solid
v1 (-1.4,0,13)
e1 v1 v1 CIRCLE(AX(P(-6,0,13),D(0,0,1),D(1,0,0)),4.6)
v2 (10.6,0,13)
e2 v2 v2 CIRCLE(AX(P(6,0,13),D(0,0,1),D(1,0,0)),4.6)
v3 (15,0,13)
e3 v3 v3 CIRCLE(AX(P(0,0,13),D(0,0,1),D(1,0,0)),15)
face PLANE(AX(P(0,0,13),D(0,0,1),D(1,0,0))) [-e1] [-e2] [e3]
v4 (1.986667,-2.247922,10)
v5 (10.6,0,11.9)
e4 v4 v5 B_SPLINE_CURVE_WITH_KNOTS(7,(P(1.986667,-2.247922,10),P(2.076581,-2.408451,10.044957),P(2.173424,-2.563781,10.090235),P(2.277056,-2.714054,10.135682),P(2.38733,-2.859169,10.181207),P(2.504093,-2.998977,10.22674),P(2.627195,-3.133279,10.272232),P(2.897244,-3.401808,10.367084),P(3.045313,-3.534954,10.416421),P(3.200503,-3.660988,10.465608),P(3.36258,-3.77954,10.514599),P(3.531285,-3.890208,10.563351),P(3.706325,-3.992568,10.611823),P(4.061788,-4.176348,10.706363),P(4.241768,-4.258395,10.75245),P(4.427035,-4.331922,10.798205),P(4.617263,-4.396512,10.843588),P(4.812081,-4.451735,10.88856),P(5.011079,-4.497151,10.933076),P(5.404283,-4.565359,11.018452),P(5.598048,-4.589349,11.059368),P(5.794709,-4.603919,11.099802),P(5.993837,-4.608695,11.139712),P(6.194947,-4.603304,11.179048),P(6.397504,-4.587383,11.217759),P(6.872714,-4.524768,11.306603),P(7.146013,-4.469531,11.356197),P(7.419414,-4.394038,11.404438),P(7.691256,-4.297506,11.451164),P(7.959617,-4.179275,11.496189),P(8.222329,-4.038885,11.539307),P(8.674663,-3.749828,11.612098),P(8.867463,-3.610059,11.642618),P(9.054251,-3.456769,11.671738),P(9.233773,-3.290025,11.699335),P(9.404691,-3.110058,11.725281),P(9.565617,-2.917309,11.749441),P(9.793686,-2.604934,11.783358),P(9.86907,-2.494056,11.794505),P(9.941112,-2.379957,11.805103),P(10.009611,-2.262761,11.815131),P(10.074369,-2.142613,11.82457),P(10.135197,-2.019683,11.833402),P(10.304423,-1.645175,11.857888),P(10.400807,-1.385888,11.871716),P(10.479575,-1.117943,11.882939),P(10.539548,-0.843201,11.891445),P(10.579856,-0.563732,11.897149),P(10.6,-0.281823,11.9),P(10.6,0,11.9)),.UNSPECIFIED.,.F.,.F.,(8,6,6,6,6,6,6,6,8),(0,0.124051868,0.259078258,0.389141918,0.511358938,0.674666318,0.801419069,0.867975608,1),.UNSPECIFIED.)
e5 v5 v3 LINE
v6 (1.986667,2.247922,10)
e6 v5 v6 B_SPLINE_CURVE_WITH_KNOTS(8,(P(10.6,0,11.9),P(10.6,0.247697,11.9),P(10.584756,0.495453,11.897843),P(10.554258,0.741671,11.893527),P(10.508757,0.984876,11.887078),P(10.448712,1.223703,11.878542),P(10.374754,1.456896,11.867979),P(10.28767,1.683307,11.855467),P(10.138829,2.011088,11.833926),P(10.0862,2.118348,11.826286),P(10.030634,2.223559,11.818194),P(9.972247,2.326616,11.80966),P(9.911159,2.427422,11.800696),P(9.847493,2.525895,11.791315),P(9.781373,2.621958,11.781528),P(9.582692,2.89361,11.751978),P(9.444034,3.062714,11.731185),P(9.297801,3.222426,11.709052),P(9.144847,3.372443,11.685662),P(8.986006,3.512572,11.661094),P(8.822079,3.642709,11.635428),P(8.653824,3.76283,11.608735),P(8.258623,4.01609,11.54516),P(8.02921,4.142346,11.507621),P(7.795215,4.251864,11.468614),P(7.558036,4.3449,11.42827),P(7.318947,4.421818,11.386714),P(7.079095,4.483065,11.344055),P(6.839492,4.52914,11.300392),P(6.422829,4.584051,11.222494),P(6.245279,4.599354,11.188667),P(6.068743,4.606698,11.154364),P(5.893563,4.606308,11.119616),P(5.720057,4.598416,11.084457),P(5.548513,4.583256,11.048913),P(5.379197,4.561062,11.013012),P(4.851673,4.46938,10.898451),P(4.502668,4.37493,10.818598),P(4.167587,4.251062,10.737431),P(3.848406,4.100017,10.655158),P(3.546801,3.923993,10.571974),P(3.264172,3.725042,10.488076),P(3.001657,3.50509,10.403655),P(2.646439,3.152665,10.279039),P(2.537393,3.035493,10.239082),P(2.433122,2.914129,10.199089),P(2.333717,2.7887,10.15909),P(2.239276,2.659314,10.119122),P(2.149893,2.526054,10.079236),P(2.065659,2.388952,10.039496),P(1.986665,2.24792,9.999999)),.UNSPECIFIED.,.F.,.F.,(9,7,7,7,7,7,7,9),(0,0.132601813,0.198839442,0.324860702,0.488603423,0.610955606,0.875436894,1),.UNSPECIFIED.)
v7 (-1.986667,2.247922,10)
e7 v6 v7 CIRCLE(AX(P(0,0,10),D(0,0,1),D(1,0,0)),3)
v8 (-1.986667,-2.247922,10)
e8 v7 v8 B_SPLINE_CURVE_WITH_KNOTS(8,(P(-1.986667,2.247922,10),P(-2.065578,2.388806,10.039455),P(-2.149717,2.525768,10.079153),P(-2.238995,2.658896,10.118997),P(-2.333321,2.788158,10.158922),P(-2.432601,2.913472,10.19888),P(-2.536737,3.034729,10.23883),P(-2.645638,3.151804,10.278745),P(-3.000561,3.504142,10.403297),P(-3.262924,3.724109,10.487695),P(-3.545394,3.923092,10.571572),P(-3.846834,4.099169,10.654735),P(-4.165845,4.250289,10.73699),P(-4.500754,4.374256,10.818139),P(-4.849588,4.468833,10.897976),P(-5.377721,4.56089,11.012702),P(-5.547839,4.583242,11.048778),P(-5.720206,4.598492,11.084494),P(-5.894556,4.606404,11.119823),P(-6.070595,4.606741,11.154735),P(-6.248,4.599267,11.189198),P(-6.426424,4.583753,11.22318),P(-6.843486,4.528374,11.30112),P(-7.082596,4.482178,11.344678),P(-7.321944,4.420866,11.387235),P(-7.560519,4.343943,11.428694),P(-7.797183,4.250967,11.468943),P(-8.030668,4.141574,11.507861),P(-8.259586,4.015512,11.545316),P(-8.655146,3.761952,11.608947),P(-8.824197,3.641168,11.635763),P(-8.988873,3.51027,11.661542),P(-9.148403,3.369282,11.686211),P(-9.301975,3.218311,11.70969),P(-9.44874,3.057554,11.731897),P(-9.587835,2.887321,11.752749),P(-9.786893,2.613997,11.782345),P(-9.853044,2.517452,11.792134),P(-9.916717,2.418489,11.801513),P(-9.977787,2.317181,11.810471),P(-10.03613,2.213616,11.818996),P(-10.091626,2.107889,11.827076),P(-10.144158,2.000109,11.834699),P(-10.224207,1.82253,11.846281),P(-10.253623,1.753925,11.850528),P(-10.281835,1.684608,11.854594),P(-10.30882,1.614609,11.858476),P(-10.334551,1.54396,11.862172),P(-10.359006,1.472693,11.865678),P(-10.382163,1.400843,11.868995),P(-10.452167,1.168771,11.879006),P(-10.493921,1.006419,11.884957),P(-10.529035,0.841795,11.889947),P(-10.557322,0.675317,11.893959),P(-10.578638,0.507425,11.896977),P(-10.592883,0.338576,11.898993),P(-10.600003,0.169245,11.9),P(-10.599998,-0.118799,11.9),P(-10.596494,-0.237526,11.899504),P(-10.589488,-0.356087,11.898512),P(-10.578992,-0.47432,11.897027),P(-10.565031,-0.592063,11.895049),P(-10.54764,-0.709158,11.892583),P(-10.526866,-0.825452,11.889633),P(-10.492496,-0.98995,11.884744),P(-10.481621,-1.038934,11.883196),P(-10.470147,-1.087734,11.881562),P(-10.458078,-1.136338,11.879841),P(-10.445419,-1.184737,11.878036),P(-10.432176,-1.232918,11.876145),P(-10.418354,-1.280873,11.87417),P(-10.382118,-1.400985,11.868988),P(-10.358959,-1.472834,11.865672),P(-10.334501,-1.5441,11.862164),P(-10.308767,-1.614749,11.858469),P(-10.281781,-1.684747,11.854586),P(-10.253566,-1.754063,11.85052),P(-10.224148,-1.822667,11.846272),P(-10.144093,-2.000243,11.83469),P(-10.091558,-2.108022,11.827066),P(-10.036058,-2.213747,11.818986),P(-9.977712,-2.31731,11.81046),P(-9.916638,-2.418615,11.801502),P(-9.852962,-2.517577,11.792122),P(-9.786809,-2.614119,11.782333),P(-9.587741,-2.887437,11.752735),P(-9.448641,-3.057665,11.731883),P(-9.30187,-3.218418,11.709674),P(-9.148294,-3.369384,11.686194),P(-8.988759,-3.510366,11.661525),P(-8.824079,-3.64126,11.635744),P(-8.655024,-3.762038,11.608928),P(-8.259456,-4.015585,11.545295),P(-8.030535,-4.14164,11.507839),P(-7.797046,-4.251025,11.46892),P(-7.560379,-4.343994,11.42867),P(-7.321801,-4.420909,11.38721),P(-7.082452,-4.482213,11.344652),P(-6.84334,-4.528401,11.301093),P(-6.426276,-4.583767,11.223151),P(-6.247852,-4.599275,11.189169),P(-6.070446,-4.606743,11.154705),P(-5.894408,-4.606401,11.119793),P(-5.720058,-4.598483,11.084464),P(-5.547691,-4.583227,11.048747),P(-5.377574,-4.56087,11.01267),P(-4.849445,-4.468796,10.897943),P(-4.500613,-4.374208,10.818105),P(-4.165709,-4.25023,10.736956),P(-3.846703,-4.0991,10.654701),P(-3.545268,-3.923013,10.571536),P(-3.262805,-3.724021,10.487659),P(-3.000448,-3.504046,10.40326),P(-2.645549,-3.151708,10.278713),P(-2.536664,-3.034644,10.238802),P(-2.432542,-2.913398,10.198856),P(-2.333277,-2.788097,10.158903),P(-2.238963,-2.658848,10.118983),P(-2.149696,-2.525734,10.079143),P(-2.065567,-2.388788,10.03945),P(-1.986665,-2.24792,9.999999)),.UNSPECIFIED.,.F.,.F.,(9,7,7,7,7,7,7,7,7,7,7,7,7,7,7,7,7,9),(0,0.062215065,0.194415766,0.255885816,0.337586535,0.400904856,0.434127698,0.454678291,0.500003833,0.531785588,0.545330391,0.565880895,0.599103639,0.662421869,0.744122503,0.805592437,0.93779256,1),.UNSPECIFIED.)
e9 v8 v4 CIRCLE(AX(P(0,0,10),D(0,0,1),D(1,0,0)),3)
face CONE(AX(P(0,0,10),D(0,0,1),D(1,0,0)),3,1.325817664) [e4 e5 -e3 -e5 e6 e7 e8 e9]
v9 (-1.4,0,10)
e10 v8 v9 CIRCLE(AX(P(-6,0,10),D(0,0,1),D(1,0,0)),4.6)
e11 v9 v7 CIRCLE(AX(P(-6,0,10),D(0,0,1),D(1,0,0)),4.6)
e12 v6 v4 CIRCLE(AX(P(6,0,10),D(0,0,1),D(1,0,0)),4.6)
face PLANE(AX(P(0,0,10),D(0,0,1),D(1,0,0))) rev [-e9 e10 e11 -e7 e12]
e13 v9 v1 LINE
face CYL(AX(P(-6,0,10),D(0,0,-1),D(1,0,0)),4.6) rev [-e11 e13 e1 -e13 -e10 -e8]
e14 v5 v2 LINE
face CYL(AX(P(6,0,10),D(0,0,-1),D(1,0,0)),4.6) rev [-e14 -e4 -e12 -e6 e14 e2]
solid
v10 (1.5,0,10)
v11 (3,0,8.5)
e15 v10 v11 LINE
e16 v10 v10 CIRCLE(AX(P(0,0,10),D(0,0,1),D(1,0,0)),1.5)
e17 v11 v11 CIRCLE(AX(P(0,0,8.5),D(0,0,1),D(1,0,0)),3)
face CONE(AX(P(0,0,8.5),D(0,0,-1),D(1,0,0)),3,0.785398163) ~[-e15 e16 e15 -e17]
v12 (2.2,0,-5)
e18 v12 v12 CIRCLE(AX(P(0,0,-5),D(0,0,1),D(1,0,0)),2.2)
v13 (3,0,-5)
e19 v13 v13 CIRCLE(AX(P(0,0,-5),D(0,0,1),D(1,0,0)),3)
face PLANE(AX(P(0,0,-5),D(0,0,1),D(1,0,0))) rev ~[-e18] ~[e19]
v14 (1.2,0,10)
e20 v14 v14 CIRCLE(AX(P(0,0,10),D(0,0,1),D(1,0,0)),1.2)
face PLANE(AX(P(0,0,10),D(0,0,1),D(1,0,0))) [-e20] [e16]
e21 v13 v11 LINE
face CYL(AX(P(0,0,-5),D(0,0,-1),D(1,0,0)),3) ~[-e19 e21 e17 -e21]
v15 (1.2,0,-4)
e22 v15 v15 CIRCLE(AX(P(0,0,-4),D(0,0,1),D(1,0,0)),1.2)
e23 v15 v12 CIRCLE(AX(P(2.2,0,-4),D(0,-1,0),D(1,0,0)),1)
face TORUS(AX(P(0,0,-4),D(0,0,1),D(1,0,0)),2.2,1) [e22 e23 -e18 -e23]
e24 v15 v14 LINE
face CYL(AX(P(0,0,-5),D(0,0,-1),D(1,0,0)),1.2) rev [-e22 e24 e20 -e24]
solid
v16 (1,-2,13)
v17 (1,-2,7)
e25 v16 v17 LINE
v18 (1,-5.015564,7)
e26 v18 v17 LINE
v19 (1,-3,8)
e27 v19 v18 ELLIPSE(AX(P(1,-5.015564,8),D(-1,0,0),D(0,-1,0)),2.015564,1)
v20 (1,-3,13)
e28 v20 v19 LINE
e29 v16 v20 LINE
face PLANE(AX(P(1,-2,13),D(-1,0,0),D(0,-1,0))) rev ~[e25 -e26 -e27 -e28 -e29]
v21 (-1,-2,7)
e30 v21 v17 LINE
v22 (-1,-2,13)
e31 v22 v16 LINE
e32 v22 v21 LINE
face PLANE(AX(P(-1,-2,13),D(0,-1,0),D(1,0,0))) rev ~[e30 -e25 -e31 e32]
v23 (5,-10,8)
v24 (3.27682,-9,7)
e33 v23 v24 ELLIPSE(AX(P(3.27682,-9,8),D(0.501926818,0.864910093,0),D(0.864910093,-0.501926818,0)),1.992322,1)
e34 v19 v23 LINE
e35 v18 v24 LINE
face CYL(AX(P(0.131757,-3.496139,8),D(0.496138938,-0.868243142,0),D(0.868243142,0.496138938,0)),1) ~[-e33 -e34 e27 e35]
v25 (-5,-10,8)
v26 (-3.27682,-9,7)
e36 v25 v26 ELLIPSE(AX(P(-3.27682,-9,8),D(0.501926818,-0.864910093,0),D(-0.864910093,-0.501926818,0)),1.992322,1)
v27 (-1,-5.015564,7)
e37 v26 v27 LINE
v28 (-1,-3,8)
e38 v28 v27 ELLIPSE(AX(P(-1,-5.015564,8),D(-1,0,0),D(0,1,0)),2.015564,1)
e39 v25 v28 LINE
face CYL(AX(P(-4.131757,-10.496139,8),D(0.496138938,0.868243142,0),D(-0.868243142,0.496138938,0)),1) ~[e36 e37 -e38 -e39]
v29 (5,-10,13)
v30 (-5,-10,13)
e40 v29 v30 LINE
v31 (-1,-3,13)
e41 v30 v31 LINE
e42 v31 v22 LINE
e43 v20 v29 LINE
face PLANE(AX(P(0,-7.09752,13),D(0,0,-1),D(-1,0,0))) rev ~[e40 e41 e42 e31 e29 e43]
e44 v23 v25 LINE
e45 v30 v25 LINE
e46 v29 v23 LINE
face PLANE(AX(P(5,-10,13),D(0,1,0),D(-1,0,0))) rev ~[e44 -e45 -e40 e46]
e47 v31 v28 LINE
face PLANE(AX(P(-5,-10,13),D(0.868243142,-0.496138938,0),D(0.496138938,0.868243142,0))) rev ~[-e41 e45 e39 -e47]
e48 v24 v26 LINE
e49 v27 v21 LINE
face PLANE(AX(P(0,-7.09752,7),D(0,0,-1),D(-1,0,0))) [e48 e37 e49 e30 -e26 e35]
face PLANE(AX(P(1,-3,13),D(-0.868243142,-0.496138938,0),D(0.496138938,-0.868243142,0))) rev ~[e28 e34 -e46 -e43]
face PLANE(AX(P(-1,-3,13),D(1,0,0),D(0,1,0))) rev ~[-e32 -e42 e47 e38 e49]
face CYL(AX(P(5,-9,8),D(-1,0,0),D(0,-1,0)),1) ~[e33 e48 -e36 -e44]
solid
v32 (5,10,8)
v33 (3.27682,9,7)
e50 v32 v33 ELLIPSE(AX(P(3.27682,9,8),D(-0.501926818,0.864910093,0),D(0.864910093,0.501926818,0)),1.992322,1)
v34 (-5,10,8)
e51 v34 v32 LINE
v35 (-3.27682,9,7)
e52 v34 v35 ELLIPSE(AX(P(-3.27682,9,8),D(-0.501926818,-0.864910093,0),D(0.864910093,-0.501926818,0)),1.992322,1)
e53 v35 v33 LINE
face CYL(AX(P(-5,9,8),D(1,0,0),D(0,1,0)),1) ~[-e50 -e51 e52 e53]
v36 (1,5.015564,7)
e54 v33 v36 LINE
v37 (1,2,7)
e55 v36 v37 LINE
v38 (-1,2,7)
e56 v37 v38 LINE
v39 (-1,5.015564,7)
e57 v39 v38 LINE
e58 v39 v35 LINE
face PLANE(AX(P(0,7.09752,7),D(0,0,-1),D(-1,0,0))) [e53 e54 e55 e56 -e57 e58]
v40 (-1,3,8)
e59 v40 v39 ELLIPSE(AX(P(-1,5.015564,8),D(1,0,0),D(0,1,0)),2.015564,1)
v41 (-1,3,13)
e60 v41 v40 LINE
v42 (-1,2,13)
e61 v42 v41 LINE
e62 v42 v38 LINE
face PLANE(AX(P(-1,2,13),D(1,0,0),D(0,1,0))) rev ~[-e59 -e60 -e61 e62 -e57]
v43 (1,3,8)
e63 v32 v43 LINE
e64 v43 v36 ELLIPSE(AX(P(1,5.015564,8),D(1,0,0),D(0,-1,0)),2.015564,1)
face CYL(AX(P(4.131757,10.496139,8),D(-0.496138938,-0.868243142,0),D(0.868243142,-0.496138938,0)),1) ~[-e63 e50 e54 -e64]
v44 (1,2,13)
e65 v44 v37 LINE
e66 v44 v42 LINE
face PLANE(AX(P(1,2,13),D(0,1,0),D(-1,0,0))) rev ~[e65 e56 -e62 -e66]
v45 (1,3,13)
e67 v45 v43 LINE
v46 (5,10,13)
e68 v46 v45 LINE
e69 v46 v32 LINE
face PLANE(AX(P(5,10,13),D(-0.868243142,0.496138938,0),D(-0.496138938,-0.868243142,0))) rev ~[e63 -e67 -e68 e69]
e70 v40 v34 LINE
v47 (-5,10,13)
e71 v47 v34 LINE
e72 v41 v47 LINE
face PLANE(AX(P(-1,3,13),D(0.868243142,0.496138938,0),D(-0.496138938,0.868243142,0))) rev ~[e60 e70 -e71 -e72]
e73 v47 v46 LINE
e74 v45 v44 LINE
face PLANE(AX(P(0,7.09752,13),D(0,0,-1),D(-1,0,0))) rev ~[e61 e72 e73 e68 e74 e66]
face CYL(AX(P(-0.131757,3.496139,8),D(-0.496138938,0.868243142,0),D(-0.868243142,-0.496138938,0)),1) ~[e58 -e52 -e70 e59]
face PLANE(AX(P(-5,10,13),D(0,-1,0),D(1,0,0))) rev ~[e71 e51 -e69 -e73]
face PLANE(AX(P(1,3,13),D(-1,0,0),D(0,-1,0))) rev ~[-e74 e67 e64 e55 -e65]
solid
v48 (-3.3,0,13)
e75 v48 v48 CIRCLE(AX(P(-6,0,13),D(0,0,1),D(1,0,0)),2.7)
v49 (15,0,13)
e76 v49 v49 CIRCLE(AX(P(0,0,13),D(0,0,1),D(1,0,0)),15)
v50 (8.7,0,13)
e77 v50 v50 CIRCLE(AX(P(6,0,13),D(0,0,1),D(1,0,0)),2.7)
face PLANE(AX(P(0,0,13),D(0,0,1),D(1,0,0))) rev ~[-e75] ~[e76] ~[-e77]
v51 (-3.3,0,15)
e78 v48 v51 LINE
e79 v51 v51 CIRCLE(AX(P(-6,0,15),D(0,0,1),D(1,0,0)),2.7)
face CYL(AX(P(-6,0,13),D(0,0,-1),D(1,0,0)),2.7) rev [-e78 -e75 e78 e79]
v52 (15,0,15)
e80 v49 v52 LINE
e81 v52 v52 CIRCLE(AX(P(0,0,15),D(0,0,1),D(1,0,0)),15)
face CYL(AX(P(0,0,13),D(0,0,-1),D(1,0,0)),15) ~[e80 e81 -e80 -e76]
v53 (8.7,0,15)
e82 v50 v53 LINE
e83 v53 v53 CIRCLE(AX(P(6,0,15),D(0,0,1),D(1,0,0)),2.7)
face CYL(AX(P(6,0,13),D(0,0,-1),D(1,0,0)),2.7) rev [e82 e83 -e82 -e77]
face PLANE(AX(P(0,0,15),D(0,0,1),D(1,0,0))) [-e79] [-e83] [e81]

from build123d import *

# Parameters (mm, degrees)
SKETCH003_R   = 15
SKETCH003_R_2 = 2.7
PAD001_DEPTH  = 2
SKETCH004_R   = 4.6
PAD002_DEPTH  = 3
PAD003_DEPTH  = 6
FILLET001_R   = 1
SKETCH_R      = 3
SKETCH_R_2    = 1.2
PAD_DEPTH     = 15
FILLET_R      = 1
CHAMFER_SIZE  = 1.5


with BuildPart() as pcbmount:
    # Sketch003 → Pad001 (new body)
    with BuildSketch(Plane.XY.offset(13)):
        Circle(SKETCH003_R)
        with Locations((-6, 0)):
            Circle(SKETCH003_R_2, mode=Mode.SUBTRACT)
        with Locations((6, 0)):
            Circle(SKETCH003_R_2, mode=Mode.SUBTRACT)
    extrude(amount=PAD001_DEPTH)


with BuildPart() as pad002:
    # Sketch004 → Pad002 (new body)
    with BuildSketch(Plane.XY.offset(10)):
        with Locations((-6, 0)):
            Circle(SKETCH004_R)
        with Locations((6, 0)):
            Circle(SKETCH004_R)
    extrude(amount=PAD002_DEPTH)


with BuildPart() as cut:
    # Cone → Cone (revolve)
    with BuildSketch(Plane(origin=(0, 0, 10), x_dir=(1, 0, 0), z_dir=(0, -1, 0))):
        Polygon((0, 0), (3, 0), (15, 3), (0, 3), align=None)
    revolve(axis=Axis((0, 0, 10), (0, 0, 1)))

    # Cut: cut Pad002
    add(pad002.part, mode=Mode.SUBTRACT)


with BuildPart() as fillet001:
    # Sketch005 → Pad003 (new body)
    with BuildSketch(Plane.XY.offset(13)):
        Polygon((-5, 10), (5, 10), (1, 3), (1, 2), (-1, 2), (-1, 3), align=None)
        Polygon((1, -3), (5, -10), (-5, -10), (-1, -3), (-1, -2), (1, -2), align=None)
    extrude(amount=-PAD003_DEPTH)

    # Fillet001
    fillet001_edges = [fillet001.edges().sort_by_distance(p)[0] for p in [
        (0, 10, 7),
        (3, 6.5, 7),
        (-3, 6.5, 7),
        (3, -6.5, 7),
        (0, -10, 7),
        (-3, -6.5, 7),
    ]]
    fillet(fillet001_edges, radius=FILLET001_R)


with BuildPart() as chamfer_body:
    # Sketch → Pad (new body)
    with BuildSketch(Plane.XY.offset(-5)):
        Circle(SKETCH_R)
        Circle(SKETCH_R_2, mode=Mode.SUBTRACT)
    extrude(amount=PAD_DEPTH)

    # Fillet
    fillet_edges = [chamfer_body.edges().sort_by_distance(p)[0] for p in [
        (-1.2, 0, -5),
    ]]
    fillet(fillet_edges, radius=FILLET_R)

    # Chamfer
    chamfer_edges = [chamfer_body.edges().sort_by_distance(p)[0] for p in [
        (-3, 0, 10),
    ]]
    chamfer(chamfer_edges, length=CHAMFER_SIZE)


solid = Compound([pcbmount.part, cut.part, fillet001.part, chamfer_body.part])
